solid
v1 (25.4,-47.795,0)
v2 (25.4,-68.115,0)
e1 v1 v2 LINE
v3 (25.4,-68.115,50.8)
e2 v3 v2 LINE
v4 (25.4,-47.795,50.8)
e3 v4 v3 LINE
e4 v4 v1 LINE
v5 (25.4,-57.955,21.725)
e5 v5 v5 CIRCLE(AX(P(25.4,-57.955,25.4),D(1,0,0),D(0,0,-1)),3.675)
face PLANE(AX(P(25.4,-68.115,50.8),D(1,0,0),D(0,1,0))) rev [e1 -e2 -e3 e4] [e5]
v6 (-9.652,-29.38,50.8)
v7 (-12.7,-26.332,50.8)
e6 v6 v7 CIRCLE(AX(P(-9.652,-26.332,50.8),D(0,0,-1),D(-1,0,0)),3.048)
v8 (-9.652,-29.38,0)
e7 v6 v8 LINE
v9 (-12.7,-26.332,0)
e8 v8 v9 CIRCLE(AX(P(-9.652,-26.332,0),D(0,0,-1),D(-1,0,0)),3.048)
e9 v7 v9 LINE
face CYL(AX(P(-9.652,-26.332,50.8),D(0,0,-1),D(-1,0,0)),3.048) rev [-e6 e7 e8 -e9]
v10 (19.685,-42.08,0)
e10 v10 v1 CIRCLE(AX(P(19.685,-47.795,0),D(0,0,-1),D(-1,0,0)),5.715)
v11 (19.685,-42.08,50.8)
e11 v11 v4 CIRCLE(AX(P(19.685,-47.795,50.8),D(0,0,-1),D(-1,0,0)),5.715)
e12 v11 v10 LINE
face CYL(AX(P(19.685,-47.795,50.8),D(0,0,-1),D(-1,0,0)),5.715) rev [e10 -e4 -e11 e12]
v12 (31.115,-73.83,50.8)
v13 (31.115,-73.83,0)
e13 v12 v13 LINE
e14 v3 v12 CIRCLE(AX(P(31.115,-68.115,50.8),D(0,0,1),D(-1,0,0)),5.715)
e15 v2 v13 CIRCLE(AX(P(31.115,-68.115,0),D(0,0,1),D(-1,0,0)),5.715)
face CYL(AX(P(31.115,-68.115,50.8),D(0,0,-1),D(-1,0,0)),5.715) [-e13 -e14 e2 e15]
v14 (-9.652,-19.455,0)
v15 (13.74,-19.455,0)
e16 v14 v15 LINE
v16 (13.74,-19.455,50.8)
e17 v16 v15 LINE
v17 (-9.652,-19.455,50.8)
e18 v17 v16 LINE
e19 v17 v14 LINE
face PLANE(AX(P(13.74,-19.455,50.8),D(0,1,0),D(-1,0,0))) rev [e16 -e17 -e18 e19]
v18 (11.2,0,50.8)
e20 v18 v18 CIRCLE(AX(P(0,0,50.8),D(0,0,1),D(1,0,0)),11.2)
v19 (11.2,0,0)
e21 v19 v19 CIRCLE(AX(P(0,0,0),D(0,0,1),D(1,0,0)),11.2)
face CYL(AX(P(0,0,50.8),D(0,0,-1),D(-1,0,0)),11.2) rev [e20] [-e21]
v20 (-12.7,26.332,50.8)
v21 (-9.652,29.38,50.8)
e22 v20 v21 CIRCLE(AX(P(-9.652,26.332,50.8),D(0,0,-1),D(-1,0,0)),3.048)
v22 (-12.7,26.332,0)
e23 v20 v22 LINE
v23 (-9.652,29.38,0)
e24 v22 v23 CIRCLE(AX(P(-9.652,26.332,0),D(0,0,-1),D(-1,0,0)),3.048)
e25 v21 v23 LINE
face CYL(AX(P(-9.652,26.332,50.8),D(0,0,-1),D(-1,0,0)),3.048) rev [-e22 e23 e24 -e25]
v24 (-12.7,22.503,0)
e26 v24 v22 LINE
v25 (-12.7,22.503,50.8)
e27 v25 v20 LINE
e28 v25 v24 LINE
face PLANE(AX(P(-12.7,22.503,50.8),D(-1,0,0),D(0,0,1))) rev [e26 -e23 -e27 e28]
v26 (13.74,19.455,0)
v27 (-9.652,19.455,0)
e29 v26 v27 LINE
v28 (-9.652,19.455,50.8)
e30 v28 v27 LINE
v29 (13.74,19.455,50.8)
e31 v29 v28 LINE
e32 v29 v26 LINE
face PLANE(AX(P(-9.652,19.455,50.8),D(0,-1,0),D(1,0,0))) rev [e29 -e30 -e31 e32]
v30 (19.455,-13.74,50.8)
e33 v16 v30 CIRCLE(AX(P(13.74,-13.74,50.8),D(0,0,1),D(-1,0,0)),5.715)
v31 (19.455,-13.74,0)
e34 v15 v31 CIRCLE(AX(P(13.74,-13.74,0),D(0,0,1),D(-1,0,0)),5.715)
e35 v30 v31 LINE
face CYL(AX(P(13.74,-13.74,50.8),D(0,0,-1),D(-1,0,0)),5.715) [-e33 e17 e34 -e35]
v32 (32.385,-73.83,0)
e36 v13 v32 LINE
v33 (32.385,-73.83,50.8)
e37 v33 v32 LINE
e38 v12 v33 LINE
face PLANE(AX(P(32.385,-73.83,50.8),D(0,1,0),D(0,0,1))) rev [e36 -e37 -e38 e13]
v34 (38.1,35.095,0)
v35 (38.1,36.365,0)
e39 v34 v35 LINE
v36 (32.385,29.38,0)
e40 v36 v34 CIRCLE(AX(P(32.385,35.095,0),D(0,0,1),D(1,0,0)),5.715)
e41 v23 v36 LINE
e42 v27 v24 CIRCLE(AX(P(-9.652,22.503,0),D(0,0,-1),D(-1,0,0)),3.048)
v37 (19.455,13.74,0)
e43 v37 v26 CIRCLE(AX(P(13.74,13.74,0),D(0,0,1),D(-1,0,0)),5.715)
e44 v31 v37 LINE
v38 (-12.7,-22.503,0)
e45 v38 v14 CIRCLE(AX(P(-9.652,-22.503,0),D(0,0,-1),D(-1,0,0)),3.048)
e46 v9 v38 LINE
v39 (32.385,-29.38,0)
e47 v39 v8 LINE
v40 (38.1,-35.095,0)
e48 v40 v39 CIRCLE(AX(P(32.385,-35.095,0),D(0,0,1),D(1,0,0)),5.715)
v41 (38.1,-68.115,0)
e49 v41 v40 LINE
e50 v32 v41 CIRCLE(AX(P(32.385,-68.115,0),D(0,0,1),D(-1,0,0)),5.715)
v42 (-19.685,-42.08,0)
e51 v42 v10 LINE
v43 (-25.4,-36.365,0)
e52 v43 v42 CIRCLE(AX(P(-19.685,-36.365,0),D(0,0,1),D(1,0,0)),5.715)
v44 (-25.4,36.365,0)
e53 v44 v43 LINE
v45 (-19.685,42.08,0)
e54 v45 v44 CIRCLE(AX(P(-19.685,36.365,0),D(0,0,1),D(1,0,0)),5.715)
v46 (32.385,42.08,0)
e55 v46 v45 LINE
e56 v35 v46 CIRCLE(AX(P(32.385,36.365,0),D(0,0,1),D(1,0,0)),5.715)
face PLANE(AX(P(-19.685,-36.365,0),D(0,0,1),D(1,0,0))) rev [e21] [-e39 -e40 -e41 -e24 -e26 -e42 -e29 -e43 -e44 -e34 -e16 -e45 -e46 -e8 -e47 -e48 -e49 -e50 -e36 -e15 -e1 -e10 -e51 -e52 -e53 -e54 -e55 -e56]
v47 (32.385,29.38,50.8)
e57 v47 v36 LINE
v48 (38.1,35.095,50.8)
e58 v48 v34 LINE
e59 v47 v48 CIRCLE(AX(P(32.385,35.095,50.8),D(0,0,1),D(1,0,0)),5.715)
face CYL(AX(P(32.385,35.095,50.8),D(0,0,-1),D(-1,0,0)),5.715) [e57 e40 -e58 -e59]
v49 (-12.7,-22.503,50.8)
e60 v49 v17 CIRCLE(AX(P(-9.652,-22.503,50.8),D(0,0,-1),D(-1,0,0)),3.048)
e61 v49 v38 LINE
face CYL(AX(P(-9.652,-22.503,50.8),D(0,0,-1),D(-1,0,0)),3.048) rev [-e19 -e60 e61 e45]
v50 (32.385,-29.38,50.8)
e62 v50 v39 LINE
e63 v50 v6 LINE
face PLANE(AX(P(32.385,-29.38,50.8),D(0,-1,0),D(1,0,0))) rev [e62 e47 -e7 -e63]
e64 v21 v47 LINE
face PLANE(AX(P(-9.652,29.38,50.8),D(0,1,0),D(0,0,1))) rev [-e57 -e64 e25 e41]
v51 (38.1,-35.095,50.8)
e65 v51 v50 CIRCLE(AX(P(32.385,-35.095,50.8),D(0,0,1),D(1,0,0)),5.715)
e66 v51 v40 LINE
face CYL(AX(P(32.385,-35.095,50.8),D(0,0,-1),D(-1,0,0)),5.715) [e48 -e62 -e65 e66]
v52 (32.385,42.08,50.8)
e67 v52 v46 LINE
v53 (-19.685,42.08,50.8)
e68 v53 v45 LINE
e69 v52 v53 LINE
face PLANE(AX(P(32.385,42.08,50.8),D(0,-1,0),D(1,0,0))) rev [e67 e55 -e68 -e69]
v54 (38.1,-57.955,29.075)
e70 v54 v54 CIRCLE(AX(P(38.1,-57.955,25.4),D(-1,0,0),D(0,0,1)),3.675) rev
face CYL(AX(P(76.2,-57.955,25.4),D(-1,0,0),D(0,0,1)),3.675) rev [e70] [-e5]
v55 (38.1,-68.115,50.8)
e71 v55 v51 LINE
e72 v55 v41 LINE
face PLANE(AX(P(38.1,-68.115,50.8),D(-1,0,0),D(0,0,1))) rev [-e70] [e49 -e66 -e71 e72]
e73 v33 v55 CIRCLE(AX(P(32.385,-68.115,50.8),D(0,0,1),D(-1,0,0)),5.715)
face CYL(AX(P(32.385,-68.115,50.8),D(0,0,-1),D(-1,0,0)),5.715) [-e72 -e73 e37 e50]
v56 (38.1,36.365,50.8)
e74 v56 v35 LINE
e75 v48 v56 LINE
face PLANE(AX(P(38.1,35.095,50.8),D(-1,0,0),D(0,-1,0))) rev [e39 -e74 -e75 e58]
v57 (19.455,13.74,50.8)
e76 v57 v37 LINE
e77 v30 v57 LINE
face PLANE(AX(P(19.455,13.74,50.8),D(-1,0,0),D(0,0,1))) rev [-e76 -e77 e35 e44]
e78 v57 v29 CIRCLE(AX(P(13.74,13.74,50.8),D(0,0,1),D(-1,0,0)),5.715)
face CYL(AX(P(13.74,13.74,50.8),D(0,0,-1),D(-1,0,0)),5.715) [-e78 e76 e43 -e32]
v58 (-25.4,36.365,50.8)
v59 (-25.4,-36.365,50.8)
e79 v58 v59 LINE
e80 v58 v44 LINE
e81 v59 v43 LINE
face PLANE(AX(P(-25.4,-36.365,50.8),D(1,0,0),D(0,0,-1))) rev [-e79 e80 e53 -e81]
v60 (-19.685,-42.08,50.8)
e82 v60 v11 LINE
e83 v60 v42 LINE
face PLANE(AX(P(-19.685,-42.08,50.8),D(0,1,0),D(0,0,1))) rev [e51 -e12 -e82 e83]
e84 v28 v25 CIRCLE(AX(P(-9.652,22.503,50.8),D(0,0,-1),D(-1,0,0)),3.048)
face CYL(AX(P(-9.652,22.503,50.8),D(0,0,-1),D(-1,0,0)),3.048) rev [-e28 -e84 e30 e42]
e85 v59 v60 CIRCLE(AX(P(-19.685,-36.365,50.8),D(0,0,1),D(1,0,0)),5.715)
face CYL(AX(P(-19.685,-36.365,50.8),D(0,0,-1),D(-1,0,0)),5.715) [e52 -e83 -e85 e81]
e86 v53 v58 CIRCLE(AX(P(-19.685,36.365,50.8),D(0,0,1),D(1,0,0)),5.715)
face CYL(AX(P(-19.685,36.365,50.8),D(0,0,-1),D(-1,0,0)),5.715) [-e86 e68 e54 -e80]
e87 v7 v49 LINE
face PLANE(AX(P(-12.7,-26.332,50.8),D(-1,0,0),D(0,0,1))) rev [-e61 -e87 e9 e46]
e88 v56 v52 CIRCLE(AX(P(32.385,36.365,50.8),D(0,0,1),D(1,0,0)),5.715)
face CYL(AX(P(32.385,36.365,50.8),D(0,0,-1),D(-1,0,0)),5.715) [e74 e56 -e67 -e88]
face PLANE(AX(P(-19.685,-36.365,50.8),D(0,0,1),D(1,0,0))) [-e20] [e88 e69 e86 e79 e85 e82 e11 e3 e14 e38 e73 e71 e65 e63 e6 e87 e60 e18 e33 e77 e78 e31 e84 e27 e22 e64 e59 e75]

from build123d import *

# Parameters (mm, degrees)
SKETCH1_R           = 11.2
BOSS_EXTRUDE1_DEPTH = 50.8
SKETCH2_R           = 3.675
CUT_EXTRUDE1_DEPTH  = 50.8


with BuildPart() as part:
    # Sketch1 → Boss-Extrude1 (new body)
    with BuildSketch(Plane.XY):
        with BuildLine():
            Line((-25.4, -36.364999962), (-25.4, 36.365))
            ThreePointArc((-25.4, 36.365), (-23.726115254, 40.406115254), (-19.685, 42.08))
            Line((-19.685, 42.08), (32.385, 42.08))
            ThreePointArc((32.385, 42.08), (36.426115254, 40.406115254), (38.1, 36.365))
            Line((38.1, 36.365), (38.1, 35.095))
            ThreePointArc((38.1, 35.095), (36.426115254, 31.053884746), (32.385, 29.38))
            Line((32.385, 29.38), (-9.652, 29.38))
            ThreePointArc((-9.652, 29.38), (-11.807261469, 28.487261469), (-12.7, 26.332))
            Line((-12.7, 26.332), (-12.7, 22.503))
            ThreePointArc((-12.7, 22.503), (-11.807261469, 20.347738531), (-9.652, 19.455))
            Line((-9.652, 19.455), (0, 19.455))
            Line((0, 19.455), (13.74, 19.455))
            ThreePointArc((13.74, 19.455), (17.781115254, 17.781115254), (19.455, 13.74))
            Line((19.455, 13.74), (19.455, 0))
            Line((19.455, 0), (19.455, -13.74))
            ThreePointArc((19.455, -13.74), (17.781115254, -17.781115254), (13.74, -19.455))
            Line((13.74, -19.455), (0, -19.455))
            Line((0, -19.455), (-9.652, -19.455))
            ThreePointArc((-9.652, -19.455), (-11.807261469, -20.347738531), (-12.7, -22.503))
            Line((-12.7, -22.503), (-12.7, -26.331999962))
            ThreePointArc((-12.7, -26.331999962), (-11.807261469, -28.487261431), (-9.652, -29.379999962))
            Line((-9.652, -29.379999962), (32.385, -29.379999962))
            ThreePointArc((32.385, -29.379999962), (36.426115254, -31.053884708), (38.1, -35.094999962))
            Line((38.1, -35.094999962), (38.1, -68.114999962))
            ThreePointArc((38.1, -68.114999962), (36.426115254, -72.156115216), (32.385, -73.829999962))
            Line((32.385, -73.829999962), (31.115, -73.829999962))
            ThreePointArc((31.115, -73.829999962), (27.073884746, -72.156115216), (25.4, -68.114999962))
            Line((25.4, -68.114999962), (25.4, -47.794999962))
            ThreePointArc((25.4, -47.794999962), (23.726115254, -43.753884708), (19.685, -42.079999962))
            Line((19.685, -42.079999962), (-19.685, -42.079999962))
            ThreePointArc((-19.685, -42.079999962), (-23.726115254, -40.406115216), (-25.4, -36.364999962))
        make_face()
        Circle(SKETCH1_R, mode=Mode.SUBTRACT)
    extrude(amount=BOSS_EXTRUDE1_DEPTH)

    # Sketch2 → Cut-Extrude1 (cut)
    with BuildSketch(Plane(origin=(25.4, 0, 0), x_dir=(0, 0, -1), z_dir=(1, 0, 0))):
        with Locations((-25.4, -57.954999962)):
            Circle(SKETCH2_R)
    extrude(amount=CUT_EXTRUDE1_DEPTH, mode=Mode.SUBTRACT)


solid = part.part
